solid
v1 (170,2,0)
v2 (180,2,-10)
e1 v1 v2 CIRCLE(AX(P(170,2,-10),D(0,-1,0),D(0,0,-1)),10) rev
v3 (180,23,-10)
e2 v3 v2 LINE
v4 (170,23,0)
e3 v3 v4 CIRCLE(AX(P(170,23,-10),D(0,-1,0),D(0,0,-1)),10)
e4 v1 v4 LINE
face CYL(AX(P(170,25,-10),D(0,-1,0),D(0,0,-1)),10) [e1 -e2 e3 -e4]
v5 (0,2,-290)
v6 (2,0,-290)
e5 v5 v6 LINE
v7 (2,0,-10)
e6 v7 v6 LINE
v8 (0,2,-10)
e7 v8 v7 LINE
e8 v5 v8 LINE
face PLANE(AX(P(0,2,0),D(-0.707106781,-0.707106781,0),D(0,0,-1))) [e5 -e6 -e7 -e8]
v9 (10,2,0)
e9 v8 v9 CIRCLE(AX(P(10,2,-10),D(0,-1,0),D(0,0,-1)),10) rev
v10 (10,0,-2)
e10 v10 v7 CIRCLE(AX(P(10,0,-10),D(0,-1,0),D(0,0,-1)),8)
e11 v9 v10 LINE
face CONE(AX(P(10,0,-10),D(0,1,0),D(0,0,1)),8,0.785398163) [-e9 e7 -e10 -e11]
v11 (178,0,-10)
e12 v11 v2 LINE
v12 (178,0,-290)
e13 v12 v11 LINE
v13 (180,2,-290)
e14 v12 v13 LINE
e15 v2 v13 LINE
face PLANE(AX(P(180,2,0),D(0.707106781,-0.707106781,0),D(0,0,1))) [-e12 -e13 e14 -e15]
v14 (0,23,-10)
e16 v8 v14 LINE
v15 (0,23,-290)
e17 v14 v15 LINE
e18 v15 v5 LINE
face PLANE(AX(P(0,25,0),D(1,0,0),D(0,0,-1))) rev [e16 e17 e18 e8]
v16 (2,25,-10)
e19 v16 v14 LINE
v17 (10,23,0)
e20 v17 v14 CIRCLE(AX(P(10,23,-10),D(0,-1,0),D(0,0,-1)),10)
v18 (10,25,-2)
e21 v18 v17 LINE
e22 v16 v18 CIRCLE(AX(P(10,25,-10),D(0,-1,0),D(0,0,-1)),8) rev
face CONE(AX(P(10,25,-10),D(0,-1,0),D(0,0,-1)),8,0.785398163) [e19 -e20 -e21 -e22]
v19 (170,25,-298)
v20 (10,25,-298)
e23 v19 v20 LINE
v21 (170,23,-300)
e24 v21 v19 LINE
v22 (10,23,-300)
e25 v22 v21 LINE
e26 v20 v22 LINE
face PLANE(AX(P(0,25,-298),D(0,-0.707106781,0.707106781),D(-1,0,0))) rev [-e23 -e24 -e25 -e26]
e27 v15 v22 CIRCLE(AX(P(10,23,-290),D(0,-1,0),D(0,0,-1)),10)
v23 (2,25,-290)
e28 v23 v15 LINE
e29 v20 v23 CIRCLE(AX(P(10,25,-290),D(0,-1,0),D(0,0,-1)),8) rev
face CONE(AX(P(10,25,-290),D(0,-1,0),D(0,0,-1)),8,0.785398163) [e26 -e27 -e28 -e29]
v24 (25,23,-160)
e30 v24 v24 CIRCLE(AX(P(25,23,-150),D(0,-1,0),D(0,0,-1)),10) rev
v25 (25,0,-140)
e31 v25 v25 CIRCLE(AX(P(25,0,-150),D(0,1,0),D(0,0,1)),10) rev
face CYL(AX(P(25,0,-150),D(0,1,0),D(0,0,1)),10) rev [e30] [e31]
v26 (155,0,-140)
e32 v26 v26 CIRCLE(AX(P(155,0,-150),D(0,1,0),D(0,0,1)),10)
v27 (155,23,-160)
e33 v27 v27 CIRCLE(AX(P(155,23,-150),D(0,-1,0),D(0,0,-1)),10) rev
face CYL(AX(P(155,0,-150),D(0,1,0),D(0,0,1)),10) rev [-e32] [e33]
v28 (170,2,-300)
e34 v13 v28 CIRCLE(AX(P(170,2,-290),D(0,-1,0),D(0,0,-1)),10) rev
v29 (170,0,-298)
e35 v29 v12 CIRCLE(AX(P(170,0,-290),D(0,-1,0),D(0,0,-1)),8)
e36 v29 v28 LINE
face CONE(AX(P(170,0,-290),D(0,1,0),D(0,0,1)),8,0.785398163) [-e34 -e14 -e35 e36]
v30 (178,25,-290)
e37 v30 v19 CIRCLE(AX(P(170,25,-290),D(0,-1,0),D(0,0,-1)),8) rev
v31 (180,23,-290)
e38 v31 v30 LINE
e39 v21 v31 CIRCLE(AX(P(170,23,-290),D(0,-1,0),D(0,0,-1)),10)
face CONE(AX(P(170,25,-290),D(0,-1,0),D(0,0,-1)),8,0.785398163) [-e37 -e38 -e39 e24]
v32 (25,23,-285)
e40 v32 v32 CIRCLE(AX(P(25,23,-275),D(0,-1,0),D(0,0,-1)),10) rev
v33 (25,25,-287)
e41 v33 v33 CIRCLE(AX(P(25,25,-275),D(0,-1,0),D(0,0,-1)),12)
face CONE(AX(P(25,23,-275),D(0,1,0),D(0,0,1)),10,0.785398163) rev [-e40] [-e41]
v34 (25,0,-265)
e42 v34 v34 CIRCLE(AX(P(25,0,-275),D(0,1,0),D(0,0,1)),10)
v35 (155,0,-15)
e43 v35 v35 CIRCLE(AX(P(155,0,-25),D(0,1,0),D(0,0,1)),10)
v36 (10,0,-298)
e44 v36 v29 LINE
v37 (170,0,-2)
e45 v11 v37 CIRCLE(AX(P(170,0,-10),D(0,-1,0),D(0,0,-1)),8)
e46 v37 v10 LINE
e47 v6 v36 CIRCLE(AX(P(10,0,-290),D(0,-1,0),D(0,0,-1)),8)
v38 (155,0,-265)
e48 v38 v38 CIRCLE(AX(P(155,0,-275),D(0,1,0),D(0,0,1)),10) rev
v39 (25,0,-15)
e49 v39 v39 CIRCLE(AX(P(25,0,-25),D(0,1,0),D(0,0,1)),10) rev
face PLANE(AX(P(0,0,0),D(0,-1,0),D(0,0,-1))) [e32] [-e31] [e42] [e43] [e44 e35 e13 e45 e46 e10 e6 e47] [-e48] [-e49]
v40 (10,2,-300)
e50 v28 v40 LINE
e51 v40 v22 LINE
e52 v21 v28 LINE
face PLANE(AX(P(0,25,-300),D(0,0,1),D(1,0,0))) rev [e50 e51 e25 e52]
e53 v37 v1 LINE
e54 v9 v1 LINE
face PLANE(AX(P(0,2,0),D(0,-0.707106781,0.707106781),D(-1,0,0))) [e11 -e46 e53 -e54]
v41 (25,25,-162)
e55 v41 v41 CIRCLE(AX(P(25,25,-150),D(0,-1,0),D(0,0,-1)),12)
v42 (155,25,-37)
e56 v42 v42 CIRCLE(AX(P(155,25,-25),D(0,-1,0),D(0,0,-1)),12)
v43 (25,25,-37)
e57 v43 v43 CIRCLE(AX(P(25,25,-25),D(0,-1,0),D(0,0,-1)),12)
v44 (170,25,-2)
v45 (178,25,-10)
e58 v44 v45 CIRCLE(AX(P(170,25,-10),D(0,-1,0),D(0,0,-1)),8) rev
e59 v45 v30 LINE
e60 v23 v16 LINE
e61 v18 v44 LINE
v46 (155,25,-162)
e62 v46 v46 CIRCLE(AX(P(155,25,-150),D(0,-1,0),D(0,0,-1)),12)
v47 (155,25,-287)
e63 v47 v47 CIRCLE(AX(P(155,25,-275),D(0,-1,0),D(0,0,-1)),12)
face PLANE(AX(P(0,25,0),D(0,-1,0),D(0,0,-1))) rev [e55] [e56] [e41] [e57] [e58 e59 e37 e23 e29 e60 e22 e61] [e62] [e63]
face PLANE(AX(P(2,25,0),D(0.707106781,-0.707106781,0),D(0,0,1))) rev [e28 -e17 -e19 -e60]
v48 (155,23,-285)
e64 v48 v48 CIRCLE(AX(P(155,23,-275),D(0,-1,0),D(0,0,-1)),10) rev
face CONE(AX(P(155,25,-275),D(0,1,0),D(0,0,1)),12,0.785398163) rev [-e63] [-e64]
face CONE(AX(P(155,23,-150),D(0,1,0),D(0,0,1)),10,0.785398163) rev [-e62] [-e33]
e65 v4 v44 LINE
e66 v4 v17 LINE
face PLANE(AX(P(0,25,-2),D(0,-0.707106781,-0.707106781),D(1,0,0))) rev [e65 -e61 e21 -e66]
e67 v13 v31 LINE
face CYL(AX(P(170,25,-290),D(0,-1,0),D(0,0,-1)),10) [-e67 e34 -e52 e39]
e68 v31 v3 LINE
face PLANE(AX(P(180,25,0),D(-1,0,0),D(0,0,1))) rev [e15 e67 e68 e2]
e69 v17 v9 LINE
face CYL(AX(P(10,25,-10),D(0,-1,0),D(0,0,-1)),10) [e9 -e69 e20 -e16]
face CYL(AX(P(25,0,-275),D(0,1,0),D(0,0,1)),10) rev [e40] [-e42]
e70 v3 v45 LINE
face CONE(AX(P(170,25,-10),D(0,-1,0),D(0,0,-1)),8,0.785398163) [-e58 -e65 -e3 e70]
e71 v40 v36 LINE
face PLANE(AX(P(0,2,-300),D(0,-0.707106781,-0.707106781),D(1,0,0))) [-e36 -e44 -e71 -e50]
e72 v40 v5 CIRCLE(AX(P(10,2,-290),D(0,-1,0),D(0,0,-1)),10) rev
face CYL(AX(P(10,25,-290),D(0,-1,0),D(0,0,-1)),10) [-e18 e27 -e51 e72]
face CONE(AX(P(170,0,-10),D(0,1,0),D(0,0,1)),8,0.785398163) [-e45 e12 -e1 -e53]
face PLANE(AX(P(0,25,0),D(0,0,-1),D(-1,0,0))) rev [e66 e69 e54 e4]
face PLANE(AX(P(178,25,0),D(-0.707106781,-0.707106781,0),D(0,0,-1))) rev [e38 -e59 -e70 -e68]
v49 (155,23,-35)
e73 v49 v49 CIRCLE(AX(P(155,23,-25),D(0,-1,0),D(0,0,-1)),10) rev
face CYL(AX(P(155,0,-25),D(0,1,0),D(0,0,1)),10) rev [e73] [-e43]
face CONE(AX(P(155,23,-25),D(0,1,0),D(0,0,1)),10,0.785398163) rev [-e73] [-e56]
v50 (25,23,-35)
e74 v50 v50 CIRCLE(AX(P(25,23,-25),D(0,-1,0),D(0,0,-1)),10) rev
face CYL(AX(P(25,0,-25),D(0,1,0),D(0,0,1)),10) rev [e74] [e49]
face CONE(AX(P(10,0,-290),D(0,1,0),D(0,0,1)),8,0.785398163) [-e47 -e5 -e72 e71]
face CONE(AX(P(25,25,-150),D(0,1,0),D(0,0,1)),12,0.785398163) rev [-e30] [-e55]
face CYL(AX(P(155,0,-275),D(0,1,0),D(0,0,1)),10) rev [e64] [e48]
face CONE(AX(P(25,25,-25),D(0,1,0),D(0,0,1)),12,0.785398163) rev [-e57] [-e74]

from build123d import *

# Parameters (mm, degrees)
SKETCH1_W           = 180
SKETCH1_H           = 300
BOSS_EXTRUDE1_DEPTH = 25
SKETCH2_R           = 10
CUT_EXTRUDE1_DEPTH  = 351.749198146
FILLET1_R           = 10
CHAMFER2_SIZE       = 2
CHAMFER3_SIZE       = 2


with BuildPart() as part:
    # Sketch1 → Boss-Extrude1 (new body)
    with BuildSketch(Plane(origin=(0, 0, 0), x_dir=(1, 0, 0), z_dir=(0, 1, 0))):
        with Locations((90, 150)):
            Rectangle(SKETCH1_W, SKETCH1_H)
    extrude(amount=BOSS_EXTRUDE1_DEPTH)

    # Sketch2 → Cut-Extrude1 (cut, through all)
    with BuildSketch(Plane(origin=(0, 25, 0), x_dir=(1, 0, 0), z_dir=(0, 1, 0))):
        with Locations(Location((25, 25, 0), (0, 0, 270))):
            Circle(SKETCH2_R)
        with Locations(Location((155, 25, 0), (0, 0, 270))):
            Circle(SKETCH2_R)
        with Locations(Location((155, 150, 0), (0, 0, 270))):
            Circle(SKETCH2_R)
        with Locations(Location((155, 275, 0), (0, 0, 270))):
            Circle(SKETCH2_R)
        with Locations(Location((25, 150, 0), (0, 0, 270))):
            Circle(SKETCH2_R)
        with Locations(Location((25, 275, 0), (0, 0, 270))):
            Circle(SKETCH2_R)
    extrude(amount=-CUT_EXTRUDE1_DEPTH, mode=Mode.SUBTRACT)

    # Fillet1
    fillet1_edges = [part.edges().sort_by_distance(p)[0] for p in [
        (0, 12.5, -300),
        (180, 12.5, -300),
        (180, 12.5, 0),
        (0, 12.5, 0),
    ]]
    fillet(fillet1_edges, radius=FILLET1_R)

    # Chamfer2
    chamfer2_edges = [part.edges().sort_by_distance(p)[0] for p in [
        (90, 0, -300),
        (90, 25, -300),
        (0, 0, -150),
        (180, 0, -150),
        (90, 0, 0),
        (177.071067812, 0, -2.928932188),
        (2.928932188, 0, -2.928932188),
        (2.928932188, 0, -297.071067812),
        (177.071067812, 0, -297.071067812),
        (180, 25, -150),
        (0, 25, -150),
        (90, 25, 0),
        (177.071067812, 25, -2.928932188),
        (2.928932188, 25, -2.928932188),
        (2.928932188, 25, -297.071067812),
        (177.071067812, 25, -297.071067812),
    ]]
    chamfer(chamfer2_edges, length=CHAMFER2_SIZE)

    # Chamfer3
    chamfer3_edges = [part.edges().sort_by_distance(p)[0] for p in [
        (25, 25, -160),
        (155, 25, -285),
        (155, 25, -160),
        (155, 25, -35),
        (25, 25, -285),
        (25, 25, -35),
    ]]
    chamfer(chamfer3_edges, length=CHAMFER3_SIZE)


solid = part.part
